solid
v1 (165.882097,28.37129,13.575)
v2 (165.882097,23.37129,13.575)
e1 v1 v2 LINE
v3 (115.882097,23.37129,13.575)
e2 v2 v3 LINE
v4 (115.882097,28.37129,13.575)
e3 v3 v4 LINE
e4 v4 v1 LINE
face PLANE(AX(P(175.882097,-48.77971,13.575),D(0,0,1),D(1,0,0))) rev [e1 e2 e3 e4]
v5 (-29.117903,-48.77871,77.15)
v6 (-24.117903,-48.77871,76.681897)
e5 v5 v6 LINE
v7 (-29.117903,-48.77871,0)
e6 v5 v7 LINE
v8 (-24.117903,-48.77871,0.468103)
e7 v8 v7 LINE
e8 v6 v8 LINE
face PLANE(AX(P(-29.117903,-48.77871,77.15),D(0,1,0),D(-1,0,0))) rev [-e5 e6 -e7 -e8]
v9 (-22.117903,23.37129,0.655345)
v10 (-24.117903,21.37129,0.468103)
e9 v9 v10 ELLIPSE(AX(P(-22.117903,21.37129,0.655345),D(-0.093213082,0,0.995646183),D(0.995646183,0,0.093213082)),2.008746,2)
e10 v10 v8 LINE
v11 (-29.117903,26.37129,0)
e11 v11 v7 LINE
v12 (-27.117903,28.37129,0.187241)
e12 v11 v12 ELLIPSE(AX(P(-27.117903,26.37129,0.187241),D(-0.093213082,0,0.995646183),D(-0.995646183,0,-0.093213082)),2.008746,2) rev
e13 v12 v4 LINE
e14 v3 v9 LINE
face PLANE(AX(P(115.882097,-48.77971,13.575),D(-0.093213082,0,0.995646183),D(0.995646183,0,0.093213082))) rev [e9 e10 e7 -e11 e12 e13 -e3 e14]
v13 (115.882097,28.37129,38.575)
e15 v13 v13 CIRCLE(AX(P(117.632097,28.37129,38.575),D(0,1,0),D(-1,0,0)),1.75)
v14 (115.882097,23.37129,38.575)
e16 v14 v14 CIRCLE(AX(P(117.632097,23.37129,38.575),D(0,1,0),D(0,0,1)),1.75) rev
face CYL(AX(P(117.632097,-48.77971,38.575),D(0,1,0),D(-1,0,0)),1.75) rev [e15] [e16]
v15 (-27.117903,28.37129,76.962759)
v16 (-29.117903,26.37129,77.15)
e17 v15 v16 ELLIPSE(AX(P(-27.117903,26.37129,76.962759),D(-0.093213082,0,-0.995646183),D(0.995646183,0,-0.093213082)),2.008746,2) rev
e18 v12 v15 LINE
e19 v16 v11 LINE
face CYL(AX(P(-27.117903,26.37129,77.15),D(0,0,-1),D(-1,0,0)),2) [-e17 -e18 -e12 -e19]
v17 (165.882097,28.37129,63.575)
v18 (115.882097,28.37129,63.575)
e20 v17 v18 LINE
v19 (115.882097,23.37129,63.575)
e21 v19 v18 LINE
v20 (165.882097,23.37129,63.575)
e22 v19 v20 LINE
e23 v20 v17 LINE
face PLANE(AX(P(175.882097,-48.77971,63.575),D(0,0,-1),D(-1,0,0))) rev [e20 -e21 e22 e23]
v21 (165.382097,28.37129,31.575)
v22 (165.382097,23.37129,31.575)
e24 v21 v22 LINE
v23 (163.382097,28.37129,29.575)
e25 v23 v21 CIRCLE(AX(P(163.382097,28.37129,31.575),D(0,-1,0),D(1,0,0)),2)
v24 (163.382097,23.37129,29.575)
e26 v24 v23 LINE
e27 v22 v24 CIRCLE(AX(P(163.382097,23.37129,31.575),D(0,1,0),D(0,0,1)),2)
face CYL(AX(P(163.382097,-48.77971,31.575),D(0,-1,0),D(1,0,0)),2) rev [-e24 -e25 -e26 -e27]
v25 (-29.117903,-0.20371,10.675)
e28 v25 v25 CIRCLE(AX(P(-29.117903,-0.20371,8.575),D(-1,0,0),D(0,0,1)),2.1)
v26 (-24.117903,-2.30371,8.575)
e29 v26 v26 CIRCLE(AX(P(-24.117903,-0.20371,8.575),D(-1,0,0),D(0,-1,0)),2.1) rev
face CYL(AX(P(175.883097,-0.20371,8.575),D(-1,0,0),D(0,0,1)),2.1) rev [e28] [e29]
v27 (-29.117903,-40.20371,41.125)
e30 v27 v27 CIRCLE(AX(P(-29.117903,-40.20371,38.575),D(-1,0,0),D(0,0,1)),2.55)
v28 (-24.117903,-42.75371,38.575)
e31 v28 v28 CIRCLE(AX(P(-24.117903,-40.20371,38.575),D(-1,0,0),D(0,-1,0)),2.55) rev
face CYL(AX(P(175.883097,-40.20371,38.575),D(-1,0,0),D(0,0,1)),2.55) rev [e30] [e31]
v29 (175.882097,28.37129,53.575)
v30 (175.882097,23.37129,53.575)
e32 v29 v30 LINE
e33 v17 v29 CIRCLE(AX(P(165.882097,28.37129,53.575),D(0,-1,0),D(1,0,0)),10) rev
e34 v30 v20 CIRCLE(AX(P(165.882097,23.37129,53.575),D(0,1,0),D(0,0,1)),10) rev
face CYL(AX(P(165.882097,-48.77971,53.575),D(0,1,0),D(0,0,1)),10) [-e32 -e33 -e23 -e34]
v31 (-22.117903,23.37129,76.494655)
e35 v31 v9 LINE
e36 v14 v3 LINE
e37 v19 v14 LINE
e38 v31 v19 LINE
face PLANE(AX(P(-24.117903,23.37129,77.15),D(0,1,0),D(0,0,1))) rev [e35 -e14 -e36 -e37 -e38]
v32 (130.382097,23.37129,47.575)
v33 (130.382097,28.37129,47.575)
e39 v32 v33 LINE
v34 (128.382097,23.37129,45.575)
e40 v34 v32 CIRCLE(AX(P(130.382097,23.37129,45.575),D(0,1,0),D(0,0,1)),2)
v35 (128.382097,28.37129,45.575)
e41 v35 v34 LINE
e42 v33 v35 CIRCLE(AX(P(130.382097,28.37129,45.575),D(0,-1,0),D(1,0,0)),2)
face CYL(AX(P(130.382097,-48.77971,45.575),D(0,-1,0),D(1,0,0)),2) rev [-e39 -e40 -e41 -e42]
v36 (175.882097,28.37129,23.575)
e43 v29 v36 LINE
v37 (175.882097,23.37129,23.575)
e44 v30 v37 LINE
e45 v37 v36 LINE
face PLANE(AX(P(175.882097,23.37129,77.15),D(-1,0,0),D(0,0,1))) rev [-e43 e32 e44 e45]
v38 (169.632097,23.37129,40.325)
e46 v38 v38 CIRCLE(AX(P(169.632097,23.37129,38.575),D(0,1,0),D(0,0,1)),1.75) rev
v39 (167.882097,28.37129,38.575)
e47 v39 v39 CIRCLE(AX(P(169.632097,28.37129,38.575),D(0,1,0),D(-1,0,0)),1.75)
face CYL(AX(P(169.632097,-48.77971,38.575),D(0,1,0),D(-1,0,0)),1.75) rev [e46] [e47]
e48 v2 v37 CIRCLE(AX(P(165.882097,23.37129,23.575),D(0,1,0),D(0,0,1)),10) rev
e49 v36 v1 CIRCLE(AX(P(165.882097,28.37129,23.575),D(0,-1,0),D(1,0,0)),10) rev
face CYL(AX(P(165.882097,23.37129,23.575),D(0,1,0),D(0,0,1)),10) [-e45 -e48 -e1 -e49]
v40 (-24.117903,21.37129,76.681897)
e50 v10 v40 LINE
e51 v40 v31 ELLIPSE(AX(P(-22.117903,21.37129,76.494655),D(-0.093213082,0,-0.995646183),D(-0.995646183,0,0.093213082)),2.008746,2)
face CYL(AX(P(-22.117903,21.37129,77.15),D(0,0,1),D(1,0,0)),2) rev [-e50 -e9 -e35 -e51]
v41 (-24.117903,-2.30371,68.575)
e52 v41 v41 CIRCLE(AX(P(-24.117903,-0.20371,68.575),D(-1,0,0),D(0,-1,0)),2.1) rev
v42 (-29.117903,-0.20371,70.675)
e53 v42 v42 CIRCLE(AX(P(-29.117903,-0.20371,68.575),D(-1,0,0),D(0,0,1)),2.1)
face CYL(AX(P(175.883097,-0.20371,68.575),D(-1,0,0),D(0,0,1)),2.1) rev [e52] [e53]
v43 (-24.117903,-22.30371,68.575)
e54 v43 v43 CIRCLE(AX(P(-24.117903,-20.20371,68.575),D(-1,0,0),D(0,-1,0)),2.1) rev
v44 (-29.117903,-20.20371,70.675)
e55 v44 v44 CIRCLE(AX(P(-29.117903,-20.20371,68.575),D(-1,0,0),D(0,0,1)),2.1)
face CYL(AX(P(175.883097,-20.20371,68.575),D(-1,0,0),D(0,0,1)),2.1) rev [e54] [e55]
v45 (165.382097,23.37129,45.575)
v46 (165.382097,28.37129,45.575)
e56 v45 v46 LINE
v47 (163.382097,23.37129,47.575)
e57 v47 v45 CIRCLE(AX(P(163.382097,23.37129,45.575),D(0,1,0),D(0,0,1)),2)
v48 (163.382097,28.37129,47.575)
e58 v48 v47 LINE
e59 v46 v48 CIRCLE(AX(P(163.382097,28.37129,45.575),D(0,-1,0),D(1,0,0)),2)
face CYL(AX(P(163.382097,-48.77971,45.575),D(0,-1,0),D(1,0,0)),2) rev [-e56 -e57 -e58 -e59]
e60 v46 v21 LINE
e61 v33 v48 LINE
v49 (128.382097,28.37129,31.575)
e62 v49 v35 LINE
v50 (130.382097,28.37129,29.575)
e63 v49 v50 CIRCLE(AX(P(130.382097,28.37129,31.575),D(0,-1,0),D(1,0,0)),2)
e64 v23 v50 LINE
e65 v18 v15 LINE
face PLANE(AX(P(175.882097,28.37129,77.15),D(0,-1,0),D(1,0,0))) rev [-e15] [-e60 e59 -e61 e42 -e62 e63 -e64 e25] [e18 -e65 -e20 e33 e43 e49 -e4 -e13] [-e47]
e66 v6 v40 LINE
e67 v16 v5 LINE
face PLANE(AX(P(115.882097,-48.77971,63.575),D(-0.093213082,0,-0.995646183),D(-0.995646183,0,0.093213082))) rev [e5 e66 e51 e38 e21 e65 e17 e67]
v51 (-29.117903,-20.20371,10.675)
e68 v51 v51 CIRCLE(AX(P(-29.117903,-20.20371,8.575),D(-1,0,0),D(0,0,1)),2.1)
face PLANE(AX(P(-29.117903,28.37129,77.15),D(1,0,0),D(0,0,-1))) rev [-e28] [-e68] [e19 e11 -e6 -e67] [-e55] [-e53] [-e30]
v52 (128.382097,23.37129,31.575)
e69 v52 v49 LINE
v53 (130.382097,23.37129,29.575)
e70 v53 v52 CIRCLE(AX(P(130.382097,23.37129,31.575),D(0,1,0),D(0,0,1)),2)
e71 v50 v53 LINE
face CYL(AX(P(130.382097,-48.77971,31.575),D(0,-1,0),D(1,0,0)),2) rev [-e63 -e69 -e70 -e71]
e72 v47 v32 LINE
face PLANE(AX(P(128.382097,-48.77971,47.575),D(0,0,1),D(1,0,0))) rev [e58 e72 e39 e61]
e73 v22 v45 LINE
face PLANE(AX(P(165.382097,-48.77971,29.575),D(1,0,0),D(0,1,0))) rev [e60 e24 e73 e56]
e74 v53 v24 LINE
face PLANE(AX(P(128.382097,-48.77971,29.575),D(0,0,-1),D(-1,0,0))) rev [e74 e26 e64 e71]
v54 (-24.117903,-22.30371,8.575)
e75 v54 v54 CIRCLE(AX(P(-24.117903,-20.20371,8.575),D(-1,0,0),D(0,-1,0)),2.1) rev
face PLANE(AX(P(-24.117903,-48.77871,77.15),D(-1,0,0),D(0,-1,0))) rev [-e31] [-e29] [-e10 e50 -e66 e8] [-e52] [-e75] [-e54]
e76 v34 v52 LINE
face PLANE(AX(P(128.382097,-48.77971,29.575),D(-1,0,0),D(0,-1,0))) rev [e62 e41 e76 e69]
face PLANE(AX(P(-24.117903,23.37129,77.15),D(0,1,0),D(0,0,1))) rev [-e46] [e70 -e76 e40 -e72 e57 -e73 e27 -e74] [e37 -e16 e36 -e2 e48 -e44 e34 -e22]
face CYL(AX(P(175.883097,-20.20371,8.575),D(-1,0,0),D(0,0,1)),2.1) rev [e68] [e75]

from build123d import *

# Parameters (mm, degrees)
BOSS_EXTRUDE1_DEPTH = 77.15
CUT_EXTRUDE1_REACH  = 208.975
SKETCH2_R           = 1.75
SKETCH2_W           = 37
SKETCH2_H           = 18
FILLET1_R           = 2
FILLET2_R           = 10
SKETCH6_OUTSIDE_W   = 125.596
SKETCH6_OUTSIDE_H   = 125.596
SKETCH6_OUTSIDE_W_2 = 77.15
SKETCH6_OUTSIDE_H_2 = 77.15
SKETCH6_OUTSIDE_R   = 2.1
SKETCH6_OUTSIDE_R_2 = 2.55
CUT_EXTRUDE2_DEPTH  = 5


with BuildPart() as part:
    # Sketch1 → Boss-Extrude1 (new body)
    with BuildSketch(Plane.XY):
        Polygon((-29.117903226, 28.371290323), (-29.117903226, -48.778709677), (-24.117903226, -48.778709677), (-24.117903226, 23.371290323), (175.882096774, 23.371290323), (175.882096774, 28.371290323), align=None)
    extrude(amount=BOSS_EXTRUDE1_DEPTH)

    # Sketch2 → Cut-Extrude1 (cut, up to next)
    with BuildSketch(Plane(origin=(0, 28.371290323, 0), x_dir=(1, 0, 0), z_dir=(0, 1, 0)), mode=Mode.PRIVATE) as cut_extrude1_sk1:
        with Locations(Location((169.632096774, -38.575, 0), (0, 0, 180))):
            Circle(SKETCH2_R)
    cut_extrude1_tool1 = extrude(cut_extrude1_sk1.sketch, amount=-CUT_EXTRUDE1_REACH, mode=Mode.PRIVATE) & part.part
    # Sketch2 → Cut-Extrude1 (cut, up to next)
    with BuildSketch(Plane(origin=(0, 28.371290323, 0), x_dir=(1, 0, 0), z_dir=(0, 1, 0)), mode=Mode.PRIVATE) as cut_extrude1_sk2:
        with Locations(Location((117.632096774, -38.575, 0), (0, 0, 180))):
            Circle(SKETCH2_R)
    cut_extrude1_tool2 = extrude(cut_extrude1_sk2.sketch, amount=-CUT_EXTRUDE1_REACH, mode=Mode.PRIVATE) & part.part
    # Sketch2 → Cut-Extrude1 (cut, up to next)
    with BuildSketch(Plane(origin=(0, 28.371290323, 0), x_dir=(1, 0, 0), z_dir=(0, 1, 0)), mode=Mode.PRIVATE) as cut_extrude1_sk3:
        Polygon((175.882096774, -13.575), (115.882096774, -13.575), (-29.117903226, 0), (175.882096774, 0), align=None)
    cut_extrude1_tool3 = extrude(cut_extrude1_sk3.sketch, amount=-CUT_EXTRUDE1_REACH, mode=Mode.PRIVATE) & part.part
    # Sketch2 → Cut-Extrude1 (cut, up to next)
    with BuildSketch(Plane(origin=(0, 28.371290323, 0), x_dir=(1, 0, 0), z_dir=(0, 1, 0)), mode=Mode.PRIVATE) as cut_extrude1_sk4:
        Polygon((175.882096774, -63.575), (115.882096774, -63.575), (-29.117903226, -77.15), (175.882096774, -77.15), align=None)
    cut_extrude1_tool4 = extrude(cut_extrude1_sk4.sketch, amount=-CUT_EXTRUDE1_REACH, mode=Mode.PRIVATE) & part.part
    # Sketch2 → Cut-Extrude1 (cut, up to next)
    with BuildSketch(Plane(origin=(0, 28.371290323, 0), x_dir=(1, 0, 0), z_dir=(0, 1, 0)), mode=Mode.PRIVATE) as cut_extrude1_sk5:
        with Locations((146.882096774, -38.575)):
            Rectangle(SKETCH2_W, SKETCH2_H)
    cut_extrude1_tool5 = extrude(cut_extrude1_sk5.sketch, amount=-CUT_EXTRUDE1_REACH, mode=Mode.PRIVATE) & part.part
    add(cut_extrude1_tool1.solids().sort_by_distance((169.632097, 28.37129, 38.575))[0], mode=Mode.SUBTRACT)
    add(cut_extrude1_tool2.solids().sort_by_distance((117.632097, 28.37129, 38.575))[0], mode=Mode.SUBTRACT)
    add(cut_extrude1_tool3.solids().sort_by_distance((103.020462, 28.37129, 5.549528))[0], mode=Mode.SUBTRACT)
    add(cut_extrude1_tool4.solids().sort_by_distance((103.020462, 28.37129, 71.600472))[0], mode=Mode.SUBTRACT)
    add(cut_extrude1_tool5.solids().sort_by_distance((146.882097, 28.37129, 38.575))[0], mode=Mode.SUBTRACT)

    # Fillet1
    fillet1_edges = [part.edges().sort_by_distance(p)[0] for p in [
        (-29.117903226, 28.371290323, 38.575),
        (-24.117903226, 23.371290323, 38.575),
        (128.382096774, 25.871290323, 47.575),
        (128.382096774, 25.871290323, 29.575),
        (165.382096774, 25.871290323, 29.575),
        (165.382096774, 25.871290323, 47.575),
    ]]
    fillet(fillet1_edges, radius=FILLET1_R)

    # Fillet2
    fillet2_edges = [part.edges().sort_by_distance(p)[0] for p in [
        (175.882096774, 25.871290323, 13.575),
        (175.882096774, 25.871290323, 63.575),
    ]]
    fillet(fillet2_edges, radius=FILLET2_R)

    # Sketch6 outside → Cut-Extrude2 (cut)
    # profile 1 of 6: a face of its own
    with BuildSketch(Plane.ZY.offset(29.117903226)):
        with Locations((38.575, -10.204)):
            Rectangle(SKETCH6_OUTSIDE_W, SKETCH6_OUTSIDE_H)
        with Locations((38.575, -10.203709677)):
            Rectangle(SKETCH6_OUTSIDE_W_2, SKETCH6_OUTSIDE_H_2, mode=Mode.SUBTRACT)
    # profile 2 of 6: a face of its own
    with BuildSketch(Plane.ZY.offset(29.117903226)):
        with Locations((8.575, -20.203709677)):
            Circle(SKETCH6_OUTSIDE_R)
    # profile 3 of 6: a face of its own
    with BuildSketch(Plane.ZY.offset(29.117903226)):
        with Locations((8.575, -0.203709677)):
            Circle(SKETCH6_OUTSIDE_R)
    # profile 4 of 6: a face of its own
    with BuildSketch(Plane.ZY.offset(29.117903226)):
        with Locations((38.575, -40.203709677)):
            Circle(SKETCH6_OUTSIDE_R_2)
    # profile 5 of 6: a face of its own
    with BuildSketch(Plane.ZY.offset(29.117903226)):
        with Locations((68.575, -20.203709677)):
            Circle(SKETCH6_OUTSIDE_R)
    # profile 6 of 6: a face of its own
    with BuildSketch(Plane.ZY.offset(29.117903226)):
        with Locations((68.575, -0.203709677)):
            Circle(SKETCH6_OUTSIDE_R)
    extrude(amount=-CUT_EXTRUDE2_DEPTH, mode=Mode.SUBTRACT)


solid = part.part
